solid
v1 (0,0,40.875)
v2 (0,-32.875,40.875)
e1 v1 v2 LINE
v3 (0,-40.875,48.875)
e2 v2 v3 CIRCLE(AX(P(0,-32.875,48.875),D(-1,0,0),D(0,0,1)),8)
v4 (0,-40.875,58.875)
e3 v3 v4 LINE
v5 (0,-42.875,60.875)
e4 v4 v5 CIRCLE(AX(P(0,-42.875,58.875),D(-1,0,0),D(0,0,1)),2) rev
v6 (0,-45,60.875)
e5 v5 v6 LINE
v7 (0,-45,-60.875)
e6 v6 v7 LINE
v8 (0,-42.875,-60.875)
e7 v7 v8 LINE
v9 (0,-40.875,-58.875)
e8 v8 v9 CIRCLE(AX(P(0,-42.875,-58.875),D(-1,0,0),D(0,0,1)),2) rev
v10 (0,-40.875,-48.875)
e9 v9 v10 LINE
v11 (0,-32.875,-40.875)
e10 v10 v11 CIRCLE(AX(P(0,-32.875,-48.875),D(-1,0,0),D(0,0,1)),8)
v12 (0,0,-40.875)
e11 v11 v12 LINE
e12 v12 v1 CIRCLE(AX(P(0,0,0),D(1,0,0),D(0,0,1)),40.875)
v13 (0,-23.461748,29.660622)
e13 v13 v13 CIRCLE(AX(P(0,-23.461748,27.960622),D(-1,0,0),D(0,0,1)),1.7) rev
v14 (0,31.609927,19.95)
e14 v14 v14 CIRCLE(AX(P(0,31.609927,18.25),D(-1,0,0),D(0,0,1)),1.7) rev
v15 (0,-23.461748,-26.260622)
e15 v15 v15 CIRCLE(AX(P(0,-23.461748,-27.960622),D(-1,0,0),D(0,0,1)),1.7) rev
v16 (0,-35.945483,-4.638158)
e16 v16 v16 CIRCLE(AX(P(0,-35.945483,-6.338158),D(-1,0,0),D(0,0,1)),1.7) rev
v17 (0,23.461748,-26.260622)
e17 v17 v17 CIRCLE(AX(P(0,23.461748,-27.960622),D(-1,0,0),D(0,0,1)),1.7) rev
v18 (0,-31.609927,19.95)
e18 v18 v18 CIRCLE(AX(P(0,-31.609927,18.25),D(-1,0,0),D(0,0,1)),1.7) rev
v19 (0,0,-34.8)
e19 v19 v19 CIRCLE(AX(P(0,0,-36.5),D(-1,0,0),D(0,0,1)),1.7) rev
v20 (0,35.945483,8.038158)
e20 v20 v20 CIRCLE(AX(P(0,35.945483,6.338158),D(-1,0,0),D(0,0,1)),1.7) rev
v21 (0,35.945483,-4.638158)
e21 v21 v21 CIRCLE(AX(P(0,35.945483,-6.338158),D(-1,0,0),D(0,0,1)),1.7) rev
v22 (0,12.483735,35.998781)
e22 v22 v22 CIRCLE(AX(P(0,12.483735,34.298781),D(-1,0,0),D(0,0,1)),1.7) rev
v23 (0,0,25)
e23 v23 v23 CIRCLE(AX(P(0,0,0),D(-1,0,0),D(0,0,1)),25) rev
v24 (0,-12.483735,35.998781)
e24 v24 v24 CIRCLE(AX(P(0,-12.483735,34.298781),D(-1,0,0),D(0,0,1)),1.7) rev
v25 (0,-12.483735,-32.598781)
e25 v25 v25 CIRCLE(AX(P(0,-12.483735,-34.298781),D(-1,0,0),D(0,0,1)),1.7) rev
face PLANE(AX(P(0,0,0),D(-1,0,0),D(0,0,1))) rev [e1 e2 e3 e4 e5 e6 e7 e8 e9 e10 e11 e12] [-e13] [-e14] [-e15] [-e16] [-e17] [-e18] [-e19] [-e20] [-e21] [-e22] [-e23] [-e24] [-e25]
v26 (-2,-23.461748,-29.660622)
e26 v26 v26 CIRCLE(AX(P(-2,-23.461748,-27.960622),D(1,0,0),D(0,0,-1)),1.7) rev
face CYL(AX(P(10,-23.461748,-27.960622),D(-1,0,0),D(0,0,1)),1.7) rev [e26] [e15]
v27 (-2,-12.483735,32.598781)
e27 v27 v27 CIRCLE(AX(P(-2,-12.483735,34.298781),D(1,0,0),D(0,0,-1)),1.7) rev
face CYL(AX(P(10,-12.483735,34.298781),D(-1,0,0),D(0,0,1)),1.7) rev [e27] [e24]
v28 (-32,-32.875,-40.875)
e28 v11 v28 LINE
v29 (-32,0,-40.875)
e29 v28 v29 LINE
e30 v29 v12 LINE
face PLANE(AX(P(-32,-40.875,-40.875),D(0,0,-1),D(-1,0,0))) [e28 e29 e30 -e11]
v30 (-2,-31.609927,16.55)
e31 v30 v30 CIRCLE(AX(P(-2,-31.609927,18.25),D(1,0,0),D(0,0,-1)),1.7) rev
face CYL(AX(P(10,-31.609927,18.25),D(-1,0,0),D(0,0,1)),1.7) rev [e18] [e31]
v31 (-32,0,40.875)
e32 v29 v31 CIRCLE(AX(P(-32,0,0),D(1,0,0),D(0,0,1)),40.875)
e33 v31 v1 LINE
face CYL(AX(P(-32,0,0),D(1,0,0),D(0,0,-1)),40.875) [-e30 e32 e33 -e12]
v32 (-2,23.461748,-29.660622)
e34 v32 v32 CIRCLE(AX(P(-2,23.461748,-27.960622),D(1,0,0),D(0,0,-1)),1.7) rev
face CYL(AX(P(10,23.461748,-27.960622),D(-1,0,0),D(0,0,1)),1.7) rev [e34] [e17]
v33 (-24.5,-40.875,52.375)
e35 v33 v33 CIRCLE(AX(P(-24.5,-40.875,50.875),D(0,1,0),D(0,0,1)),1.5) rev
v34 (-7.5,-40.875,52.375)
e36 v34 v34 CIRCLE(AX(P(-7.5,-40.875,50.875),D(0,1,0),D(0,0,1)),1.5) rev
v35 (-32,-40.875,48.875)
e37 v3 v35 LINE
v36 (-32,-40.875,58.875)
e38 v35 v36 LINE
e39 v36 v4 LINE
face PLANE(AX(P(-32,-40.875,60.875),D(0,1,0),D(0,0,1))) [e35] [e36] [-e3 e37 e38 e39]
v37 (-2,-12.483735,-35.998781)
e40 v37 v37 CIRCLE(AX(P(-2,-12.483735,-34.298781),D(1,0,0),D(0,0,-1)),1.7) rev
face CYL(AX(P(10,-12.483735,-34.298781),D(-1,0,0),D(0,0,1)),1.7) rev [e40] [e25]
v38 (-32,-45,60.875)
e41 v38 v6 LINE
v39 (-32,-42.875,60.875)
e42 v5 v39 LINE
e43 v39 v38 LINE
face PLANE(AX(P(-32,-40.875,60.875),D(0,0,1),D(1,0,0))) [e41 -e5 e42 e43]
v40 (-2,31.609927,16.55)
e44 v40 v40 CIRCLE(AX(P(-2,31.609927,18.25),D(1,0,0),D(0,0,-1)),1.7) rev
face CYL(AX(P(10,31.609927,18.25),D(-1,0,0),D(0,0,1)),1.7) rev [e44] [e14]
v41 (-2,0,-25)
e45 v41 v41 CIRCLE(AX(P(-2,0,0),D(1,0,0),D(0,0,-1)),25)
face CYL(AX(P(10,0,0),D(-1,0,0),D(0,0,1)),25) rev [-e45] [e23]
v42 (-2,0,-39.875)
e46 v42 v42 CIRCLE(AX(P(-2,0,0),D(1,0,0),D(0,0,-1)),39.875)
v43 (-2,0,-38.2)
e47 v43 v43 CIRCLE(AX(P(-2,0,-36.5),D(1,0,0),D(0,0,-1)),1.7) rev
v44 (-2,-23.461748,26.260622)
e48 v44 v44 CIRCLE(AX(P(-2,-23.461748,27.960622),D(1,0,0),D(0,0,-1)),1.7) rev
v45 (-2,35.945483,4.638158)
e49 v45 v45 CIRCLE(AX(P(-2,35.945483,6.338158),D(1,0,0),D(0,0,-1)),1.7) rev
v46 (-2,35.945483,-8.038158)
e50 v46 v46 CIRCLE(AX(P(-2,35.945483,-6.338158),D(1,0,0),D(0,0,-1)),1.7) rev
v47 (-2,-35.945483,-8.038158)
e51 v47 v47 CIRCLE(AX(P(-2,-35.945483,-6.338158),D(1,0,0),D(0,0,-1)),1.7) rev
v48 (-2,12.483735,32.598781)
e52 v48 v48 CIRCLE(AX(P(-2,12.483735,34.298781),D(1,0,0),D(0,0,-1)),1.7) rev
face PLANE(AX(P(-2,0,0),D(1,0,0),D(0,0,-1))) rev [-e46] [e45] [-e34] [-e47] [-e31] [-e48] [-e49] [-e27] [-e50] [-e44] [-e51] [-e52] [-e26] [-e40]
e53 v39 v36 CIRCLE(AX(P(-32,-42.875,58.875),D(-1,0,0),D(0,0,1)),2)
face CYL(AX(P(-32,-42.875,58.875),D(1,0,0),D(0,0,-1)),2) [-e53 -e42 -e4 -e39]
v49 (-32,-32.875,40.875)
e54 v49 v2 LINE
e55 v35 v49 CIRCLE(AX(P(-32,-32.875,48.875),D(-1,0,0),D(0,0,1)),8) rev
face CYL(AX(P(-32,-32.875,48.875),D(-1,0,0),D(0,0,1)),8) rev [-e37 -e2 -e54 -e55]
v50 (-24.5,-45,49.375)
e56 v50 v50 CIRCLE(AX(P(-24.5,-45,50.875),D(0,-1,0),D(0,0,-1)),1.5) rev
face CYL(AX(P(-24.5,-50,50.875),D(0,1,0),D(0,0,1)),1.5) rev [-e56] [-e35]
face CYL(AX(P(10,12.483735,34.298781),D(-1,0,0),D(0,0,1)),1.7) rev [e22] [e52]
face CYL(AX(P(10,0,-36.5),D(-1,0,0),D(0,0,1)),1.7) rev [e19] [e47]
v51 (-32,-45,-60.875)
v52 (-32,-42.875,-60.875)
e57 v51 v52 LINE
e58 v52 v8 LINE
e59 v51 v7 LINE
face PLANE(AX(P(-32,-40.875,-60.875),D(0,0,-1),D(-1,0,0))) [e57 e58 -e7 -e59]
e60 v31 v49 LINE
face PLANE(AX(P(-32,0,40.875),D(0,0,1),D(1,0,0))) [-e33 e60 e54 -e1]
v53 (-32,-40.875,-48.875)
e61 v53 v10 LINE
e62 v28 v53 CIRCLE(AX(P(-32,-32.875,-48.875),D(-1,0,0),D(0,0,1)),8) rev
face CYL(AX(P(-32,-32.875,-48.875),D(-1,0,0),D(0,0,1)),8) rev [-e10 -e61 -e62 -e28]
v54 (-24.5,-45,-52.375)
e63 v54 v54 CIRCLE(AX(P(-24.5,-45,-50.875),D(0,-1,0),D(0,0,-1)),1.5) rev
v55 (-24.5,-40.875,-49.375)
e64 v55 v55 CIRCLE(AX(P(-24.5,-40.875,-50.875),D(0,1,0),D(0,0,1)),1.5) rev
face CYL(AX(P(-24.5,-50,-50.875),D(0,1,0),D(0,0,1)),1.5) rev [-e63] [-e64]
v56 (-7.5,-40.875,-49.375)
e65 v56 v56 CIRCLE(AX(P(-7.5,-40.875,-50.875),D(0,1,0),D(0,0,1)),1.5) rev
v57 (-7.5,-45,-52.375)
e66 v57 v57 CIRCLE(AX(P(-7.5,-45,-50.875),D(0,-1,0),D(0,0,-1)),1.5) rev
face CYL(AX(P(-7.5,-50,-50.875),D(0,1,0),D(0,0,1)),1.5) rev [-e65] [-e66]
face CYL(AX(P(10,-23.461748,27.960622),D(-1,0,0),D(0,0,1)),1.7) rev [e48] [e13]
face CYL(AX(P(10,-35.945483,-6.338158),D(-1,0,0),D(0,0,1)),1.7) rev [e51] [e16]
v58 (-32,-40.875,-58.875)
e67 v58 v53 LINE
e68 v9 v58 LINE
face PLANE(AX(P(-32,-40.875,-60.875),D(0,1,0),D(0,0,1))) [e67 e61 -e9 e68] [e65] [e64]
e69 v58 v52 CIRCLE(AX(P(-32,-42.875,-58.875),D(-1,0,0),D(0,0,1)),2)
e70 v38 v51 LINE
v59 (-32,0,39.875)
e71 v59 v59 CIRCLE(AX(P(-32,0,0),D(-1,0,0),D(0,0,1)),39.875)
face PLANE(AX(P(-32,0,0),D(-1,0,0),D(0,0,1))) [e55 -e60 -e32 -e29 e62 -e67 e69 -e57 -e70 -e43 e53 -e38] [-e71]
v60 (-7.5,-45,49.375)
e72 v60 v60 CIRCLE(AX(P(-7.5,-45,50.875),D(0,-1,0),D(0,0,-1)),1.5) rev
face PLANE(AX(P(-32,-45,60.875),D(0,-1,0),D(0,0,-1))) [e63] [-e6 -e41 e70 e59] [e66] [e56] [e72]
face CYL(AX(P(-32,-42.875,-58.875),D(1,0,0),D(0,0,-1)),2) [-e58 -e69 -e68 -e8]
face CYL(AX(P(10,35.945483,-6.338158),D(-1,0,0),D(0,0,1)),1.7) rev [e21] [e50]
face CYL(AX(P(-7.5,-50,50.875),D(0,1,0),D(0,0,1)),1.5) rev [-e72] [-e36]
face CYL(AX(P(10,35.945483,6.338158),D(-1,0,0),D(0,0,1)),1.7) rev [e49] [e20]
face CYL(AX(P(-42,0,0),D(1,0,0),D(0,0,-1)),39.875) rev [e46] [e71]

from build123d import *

# Parameters (mm, degrees)
BOSS_EXTRUDE2_DEPTH     = 32
CUT_EXTRUDE1_DEPTH      = 10
CUT_EXTRUDE1_DEPTH_BACK = 40
SKETCH2_R               = 25
CUT_EXTRUDE2_START      = -2
SKETCH3_R               = 39.875
CUT_EXTRUDE2_DEPTH      = 40
FILLET1_R               = 8
FILLET2_R               = 2
CUT_EXTRUDE3_DEPTH      = 10
CUT_EXTRUDE3_DEPTH_BACK = 10
SKETCH5_R               = 1.7
CUT_EXTRUDE4_DEPTH      = 5
CUT_EXTRUDE4_DEPTH_BACK = 7
SKETCH6_R               = 1.5


with BuildPart() as part:
    # Sketch4 → Boss-Extrude2 (new body)
    with BuildSketch(Plane(origin=(0, 0, 0), x_dir=(0, 0, -1), z_dir=(1, 0, 0))):
        with BuildLine():
            Line((-60.875, -40.875), (-60.875, -45))
            Line((-60.875, -45), (60.875, -45))
            Line((60.875, -45), (60.875, -40.875))
            Line((60.875, -40.875), (40.875, -40.875))
            Line((40.875, -40.875), (40.875, 0))
            ThreePointArc((40.875, 0), (0, 40.875), (-40.875, 0))
            Line((-40.875, 0), (-40.875, -40.875))
            Line((-40.875, -40.875), (-60.875, -40.875))
        make_face()
    extrude(amount=-BOSS_EXTRUDE2_DEPTH)

    # Sketch2 → Cut-Extrude1 (cut, two sides: drawn at the far end of the back side and taken through both)
    with BuildSketch(Plane(origin=(0, 0, 0), x_dir=(0, 0, -1), z_dir=(1, 0, 0)).offset(-CUT_EXTRUDE1_DEPTH_BACK)):
        Circle(SKETCH2_R)
    extrude(amount=CUT_EXTRUDE1_DEPTH + CUT_EXTRUDE1_DEPTH_BACK, mode=Mode.SUBTRACT)

    # Sketch3 → Cut-Extrude2 (cut)
    with BuildSketch(Plane(origin=(0, 0, 0), x_dir=(0, 0, -1), z_dir=(1, 0, 0)).offset(CUT_EXTRUDE2_START)):
        Circle(SKETCH3_R)
    extrude(amount=-CUT_EXTRUDE2_DEPTH, mode=Mode.SUBTRACT)

    # Fillet1
    fillet1_edges = [part.edges().sort_by_distance(p)[0] for p in [
        (-16, -40.875, 40.875),
        (-16, -40.875, -40.875),
    ]]
    fillet(fillet1_edges, radius=FILLET1_R)

    # Fillet2
    fillet2_edges = [part.edges().sort_by_distance(p)[0] for p in [
        (-16, -40.875, -60.875),
        (-16, -40.875, 60.875),
    ]]
    fillet(fillet2_edges, radius=FILLET2_R)

    # Sketch5 → Cut-Extrude3 (cut, two sides: drawn at the far end of the back side and taken through both)
    with BuildSketch(Plane(origin=(0, 0, 0), x_dir=(0, 0, -1), z_dir=(1, 0, 0)).offset(-CUT_EXTRUDE3_DEPTH_BACK)):
        with Locations((36.5, 0)):
            Circle(SKETCH5_R)
        with Locations((27.960622174, -23.461747754)):
            Circle(SKETCH5_R)
        with Locations((6.338158485, -35.945482985)):
            Circle(SKETCH5_R)
        with Locations((-18.25, -31.609927238)):
            Circle(SKETCH5_R)
        with Locations((-34.298780659, -12.483735231)):
            Circle(SKETCH5_R)
        with Locations((-34.298780659, 12.483735231)):
            Circle(SKETCH5_R)
        with Locations((-18.25, 31.609927238)):
            Circle(SKETCH5_R)
        with Locations((6.338158485, 35.945482985)):
            Circle(SKETCH5_R)
        with Locations((27.960622174, 23.461747754)):
            Circle(SKETCH5_R)
        with Locations((34.298780659, -12.483735231)):
            Circle(SKETCH5_R)
        with Locations((-27.960622174, -23.461747754)):
            Circle(SKETCH5_R)
        with Locations((-6.338158485, 35.945482985)):
            Circle(SKETCH5_R)
    extrude(amount=CUT_EXTRUDE3_DEPTH + CUT_EXTRUDE3_DEPTH_BACK, mode=Mode.SUBTRACT)

    # Sketch6 → Cut-Extrude4 (cut, two sides: drawn at the far end of the back side and taken through both)
    with BuildSketch(Plane(origin=(0, -45, 0), x_dir=(-1, 0, 0), z_dir=(0, -1, 0)).offset(-CUT_EXTRUDE4_DEPTH_BACK)):
        with Locations((7.5, 50.875)):
            Circle(SKETCH6_R)
        with Locations((24.5, 50.875)):
            Circle(SKETCH6_R)
        with Locations((24.5, -50.875)):
            Circle(SKETCH6_R)
        with Locations((7.5, -50.875)):
            Circle(SKETCH6_R)
    extrude(amount=CUT_EXTRUDE4_DEPTH + CUT_EXTRUDE4_DEPTH_BACK, mode=Mode.SUBTRACT)


solid = part.part
